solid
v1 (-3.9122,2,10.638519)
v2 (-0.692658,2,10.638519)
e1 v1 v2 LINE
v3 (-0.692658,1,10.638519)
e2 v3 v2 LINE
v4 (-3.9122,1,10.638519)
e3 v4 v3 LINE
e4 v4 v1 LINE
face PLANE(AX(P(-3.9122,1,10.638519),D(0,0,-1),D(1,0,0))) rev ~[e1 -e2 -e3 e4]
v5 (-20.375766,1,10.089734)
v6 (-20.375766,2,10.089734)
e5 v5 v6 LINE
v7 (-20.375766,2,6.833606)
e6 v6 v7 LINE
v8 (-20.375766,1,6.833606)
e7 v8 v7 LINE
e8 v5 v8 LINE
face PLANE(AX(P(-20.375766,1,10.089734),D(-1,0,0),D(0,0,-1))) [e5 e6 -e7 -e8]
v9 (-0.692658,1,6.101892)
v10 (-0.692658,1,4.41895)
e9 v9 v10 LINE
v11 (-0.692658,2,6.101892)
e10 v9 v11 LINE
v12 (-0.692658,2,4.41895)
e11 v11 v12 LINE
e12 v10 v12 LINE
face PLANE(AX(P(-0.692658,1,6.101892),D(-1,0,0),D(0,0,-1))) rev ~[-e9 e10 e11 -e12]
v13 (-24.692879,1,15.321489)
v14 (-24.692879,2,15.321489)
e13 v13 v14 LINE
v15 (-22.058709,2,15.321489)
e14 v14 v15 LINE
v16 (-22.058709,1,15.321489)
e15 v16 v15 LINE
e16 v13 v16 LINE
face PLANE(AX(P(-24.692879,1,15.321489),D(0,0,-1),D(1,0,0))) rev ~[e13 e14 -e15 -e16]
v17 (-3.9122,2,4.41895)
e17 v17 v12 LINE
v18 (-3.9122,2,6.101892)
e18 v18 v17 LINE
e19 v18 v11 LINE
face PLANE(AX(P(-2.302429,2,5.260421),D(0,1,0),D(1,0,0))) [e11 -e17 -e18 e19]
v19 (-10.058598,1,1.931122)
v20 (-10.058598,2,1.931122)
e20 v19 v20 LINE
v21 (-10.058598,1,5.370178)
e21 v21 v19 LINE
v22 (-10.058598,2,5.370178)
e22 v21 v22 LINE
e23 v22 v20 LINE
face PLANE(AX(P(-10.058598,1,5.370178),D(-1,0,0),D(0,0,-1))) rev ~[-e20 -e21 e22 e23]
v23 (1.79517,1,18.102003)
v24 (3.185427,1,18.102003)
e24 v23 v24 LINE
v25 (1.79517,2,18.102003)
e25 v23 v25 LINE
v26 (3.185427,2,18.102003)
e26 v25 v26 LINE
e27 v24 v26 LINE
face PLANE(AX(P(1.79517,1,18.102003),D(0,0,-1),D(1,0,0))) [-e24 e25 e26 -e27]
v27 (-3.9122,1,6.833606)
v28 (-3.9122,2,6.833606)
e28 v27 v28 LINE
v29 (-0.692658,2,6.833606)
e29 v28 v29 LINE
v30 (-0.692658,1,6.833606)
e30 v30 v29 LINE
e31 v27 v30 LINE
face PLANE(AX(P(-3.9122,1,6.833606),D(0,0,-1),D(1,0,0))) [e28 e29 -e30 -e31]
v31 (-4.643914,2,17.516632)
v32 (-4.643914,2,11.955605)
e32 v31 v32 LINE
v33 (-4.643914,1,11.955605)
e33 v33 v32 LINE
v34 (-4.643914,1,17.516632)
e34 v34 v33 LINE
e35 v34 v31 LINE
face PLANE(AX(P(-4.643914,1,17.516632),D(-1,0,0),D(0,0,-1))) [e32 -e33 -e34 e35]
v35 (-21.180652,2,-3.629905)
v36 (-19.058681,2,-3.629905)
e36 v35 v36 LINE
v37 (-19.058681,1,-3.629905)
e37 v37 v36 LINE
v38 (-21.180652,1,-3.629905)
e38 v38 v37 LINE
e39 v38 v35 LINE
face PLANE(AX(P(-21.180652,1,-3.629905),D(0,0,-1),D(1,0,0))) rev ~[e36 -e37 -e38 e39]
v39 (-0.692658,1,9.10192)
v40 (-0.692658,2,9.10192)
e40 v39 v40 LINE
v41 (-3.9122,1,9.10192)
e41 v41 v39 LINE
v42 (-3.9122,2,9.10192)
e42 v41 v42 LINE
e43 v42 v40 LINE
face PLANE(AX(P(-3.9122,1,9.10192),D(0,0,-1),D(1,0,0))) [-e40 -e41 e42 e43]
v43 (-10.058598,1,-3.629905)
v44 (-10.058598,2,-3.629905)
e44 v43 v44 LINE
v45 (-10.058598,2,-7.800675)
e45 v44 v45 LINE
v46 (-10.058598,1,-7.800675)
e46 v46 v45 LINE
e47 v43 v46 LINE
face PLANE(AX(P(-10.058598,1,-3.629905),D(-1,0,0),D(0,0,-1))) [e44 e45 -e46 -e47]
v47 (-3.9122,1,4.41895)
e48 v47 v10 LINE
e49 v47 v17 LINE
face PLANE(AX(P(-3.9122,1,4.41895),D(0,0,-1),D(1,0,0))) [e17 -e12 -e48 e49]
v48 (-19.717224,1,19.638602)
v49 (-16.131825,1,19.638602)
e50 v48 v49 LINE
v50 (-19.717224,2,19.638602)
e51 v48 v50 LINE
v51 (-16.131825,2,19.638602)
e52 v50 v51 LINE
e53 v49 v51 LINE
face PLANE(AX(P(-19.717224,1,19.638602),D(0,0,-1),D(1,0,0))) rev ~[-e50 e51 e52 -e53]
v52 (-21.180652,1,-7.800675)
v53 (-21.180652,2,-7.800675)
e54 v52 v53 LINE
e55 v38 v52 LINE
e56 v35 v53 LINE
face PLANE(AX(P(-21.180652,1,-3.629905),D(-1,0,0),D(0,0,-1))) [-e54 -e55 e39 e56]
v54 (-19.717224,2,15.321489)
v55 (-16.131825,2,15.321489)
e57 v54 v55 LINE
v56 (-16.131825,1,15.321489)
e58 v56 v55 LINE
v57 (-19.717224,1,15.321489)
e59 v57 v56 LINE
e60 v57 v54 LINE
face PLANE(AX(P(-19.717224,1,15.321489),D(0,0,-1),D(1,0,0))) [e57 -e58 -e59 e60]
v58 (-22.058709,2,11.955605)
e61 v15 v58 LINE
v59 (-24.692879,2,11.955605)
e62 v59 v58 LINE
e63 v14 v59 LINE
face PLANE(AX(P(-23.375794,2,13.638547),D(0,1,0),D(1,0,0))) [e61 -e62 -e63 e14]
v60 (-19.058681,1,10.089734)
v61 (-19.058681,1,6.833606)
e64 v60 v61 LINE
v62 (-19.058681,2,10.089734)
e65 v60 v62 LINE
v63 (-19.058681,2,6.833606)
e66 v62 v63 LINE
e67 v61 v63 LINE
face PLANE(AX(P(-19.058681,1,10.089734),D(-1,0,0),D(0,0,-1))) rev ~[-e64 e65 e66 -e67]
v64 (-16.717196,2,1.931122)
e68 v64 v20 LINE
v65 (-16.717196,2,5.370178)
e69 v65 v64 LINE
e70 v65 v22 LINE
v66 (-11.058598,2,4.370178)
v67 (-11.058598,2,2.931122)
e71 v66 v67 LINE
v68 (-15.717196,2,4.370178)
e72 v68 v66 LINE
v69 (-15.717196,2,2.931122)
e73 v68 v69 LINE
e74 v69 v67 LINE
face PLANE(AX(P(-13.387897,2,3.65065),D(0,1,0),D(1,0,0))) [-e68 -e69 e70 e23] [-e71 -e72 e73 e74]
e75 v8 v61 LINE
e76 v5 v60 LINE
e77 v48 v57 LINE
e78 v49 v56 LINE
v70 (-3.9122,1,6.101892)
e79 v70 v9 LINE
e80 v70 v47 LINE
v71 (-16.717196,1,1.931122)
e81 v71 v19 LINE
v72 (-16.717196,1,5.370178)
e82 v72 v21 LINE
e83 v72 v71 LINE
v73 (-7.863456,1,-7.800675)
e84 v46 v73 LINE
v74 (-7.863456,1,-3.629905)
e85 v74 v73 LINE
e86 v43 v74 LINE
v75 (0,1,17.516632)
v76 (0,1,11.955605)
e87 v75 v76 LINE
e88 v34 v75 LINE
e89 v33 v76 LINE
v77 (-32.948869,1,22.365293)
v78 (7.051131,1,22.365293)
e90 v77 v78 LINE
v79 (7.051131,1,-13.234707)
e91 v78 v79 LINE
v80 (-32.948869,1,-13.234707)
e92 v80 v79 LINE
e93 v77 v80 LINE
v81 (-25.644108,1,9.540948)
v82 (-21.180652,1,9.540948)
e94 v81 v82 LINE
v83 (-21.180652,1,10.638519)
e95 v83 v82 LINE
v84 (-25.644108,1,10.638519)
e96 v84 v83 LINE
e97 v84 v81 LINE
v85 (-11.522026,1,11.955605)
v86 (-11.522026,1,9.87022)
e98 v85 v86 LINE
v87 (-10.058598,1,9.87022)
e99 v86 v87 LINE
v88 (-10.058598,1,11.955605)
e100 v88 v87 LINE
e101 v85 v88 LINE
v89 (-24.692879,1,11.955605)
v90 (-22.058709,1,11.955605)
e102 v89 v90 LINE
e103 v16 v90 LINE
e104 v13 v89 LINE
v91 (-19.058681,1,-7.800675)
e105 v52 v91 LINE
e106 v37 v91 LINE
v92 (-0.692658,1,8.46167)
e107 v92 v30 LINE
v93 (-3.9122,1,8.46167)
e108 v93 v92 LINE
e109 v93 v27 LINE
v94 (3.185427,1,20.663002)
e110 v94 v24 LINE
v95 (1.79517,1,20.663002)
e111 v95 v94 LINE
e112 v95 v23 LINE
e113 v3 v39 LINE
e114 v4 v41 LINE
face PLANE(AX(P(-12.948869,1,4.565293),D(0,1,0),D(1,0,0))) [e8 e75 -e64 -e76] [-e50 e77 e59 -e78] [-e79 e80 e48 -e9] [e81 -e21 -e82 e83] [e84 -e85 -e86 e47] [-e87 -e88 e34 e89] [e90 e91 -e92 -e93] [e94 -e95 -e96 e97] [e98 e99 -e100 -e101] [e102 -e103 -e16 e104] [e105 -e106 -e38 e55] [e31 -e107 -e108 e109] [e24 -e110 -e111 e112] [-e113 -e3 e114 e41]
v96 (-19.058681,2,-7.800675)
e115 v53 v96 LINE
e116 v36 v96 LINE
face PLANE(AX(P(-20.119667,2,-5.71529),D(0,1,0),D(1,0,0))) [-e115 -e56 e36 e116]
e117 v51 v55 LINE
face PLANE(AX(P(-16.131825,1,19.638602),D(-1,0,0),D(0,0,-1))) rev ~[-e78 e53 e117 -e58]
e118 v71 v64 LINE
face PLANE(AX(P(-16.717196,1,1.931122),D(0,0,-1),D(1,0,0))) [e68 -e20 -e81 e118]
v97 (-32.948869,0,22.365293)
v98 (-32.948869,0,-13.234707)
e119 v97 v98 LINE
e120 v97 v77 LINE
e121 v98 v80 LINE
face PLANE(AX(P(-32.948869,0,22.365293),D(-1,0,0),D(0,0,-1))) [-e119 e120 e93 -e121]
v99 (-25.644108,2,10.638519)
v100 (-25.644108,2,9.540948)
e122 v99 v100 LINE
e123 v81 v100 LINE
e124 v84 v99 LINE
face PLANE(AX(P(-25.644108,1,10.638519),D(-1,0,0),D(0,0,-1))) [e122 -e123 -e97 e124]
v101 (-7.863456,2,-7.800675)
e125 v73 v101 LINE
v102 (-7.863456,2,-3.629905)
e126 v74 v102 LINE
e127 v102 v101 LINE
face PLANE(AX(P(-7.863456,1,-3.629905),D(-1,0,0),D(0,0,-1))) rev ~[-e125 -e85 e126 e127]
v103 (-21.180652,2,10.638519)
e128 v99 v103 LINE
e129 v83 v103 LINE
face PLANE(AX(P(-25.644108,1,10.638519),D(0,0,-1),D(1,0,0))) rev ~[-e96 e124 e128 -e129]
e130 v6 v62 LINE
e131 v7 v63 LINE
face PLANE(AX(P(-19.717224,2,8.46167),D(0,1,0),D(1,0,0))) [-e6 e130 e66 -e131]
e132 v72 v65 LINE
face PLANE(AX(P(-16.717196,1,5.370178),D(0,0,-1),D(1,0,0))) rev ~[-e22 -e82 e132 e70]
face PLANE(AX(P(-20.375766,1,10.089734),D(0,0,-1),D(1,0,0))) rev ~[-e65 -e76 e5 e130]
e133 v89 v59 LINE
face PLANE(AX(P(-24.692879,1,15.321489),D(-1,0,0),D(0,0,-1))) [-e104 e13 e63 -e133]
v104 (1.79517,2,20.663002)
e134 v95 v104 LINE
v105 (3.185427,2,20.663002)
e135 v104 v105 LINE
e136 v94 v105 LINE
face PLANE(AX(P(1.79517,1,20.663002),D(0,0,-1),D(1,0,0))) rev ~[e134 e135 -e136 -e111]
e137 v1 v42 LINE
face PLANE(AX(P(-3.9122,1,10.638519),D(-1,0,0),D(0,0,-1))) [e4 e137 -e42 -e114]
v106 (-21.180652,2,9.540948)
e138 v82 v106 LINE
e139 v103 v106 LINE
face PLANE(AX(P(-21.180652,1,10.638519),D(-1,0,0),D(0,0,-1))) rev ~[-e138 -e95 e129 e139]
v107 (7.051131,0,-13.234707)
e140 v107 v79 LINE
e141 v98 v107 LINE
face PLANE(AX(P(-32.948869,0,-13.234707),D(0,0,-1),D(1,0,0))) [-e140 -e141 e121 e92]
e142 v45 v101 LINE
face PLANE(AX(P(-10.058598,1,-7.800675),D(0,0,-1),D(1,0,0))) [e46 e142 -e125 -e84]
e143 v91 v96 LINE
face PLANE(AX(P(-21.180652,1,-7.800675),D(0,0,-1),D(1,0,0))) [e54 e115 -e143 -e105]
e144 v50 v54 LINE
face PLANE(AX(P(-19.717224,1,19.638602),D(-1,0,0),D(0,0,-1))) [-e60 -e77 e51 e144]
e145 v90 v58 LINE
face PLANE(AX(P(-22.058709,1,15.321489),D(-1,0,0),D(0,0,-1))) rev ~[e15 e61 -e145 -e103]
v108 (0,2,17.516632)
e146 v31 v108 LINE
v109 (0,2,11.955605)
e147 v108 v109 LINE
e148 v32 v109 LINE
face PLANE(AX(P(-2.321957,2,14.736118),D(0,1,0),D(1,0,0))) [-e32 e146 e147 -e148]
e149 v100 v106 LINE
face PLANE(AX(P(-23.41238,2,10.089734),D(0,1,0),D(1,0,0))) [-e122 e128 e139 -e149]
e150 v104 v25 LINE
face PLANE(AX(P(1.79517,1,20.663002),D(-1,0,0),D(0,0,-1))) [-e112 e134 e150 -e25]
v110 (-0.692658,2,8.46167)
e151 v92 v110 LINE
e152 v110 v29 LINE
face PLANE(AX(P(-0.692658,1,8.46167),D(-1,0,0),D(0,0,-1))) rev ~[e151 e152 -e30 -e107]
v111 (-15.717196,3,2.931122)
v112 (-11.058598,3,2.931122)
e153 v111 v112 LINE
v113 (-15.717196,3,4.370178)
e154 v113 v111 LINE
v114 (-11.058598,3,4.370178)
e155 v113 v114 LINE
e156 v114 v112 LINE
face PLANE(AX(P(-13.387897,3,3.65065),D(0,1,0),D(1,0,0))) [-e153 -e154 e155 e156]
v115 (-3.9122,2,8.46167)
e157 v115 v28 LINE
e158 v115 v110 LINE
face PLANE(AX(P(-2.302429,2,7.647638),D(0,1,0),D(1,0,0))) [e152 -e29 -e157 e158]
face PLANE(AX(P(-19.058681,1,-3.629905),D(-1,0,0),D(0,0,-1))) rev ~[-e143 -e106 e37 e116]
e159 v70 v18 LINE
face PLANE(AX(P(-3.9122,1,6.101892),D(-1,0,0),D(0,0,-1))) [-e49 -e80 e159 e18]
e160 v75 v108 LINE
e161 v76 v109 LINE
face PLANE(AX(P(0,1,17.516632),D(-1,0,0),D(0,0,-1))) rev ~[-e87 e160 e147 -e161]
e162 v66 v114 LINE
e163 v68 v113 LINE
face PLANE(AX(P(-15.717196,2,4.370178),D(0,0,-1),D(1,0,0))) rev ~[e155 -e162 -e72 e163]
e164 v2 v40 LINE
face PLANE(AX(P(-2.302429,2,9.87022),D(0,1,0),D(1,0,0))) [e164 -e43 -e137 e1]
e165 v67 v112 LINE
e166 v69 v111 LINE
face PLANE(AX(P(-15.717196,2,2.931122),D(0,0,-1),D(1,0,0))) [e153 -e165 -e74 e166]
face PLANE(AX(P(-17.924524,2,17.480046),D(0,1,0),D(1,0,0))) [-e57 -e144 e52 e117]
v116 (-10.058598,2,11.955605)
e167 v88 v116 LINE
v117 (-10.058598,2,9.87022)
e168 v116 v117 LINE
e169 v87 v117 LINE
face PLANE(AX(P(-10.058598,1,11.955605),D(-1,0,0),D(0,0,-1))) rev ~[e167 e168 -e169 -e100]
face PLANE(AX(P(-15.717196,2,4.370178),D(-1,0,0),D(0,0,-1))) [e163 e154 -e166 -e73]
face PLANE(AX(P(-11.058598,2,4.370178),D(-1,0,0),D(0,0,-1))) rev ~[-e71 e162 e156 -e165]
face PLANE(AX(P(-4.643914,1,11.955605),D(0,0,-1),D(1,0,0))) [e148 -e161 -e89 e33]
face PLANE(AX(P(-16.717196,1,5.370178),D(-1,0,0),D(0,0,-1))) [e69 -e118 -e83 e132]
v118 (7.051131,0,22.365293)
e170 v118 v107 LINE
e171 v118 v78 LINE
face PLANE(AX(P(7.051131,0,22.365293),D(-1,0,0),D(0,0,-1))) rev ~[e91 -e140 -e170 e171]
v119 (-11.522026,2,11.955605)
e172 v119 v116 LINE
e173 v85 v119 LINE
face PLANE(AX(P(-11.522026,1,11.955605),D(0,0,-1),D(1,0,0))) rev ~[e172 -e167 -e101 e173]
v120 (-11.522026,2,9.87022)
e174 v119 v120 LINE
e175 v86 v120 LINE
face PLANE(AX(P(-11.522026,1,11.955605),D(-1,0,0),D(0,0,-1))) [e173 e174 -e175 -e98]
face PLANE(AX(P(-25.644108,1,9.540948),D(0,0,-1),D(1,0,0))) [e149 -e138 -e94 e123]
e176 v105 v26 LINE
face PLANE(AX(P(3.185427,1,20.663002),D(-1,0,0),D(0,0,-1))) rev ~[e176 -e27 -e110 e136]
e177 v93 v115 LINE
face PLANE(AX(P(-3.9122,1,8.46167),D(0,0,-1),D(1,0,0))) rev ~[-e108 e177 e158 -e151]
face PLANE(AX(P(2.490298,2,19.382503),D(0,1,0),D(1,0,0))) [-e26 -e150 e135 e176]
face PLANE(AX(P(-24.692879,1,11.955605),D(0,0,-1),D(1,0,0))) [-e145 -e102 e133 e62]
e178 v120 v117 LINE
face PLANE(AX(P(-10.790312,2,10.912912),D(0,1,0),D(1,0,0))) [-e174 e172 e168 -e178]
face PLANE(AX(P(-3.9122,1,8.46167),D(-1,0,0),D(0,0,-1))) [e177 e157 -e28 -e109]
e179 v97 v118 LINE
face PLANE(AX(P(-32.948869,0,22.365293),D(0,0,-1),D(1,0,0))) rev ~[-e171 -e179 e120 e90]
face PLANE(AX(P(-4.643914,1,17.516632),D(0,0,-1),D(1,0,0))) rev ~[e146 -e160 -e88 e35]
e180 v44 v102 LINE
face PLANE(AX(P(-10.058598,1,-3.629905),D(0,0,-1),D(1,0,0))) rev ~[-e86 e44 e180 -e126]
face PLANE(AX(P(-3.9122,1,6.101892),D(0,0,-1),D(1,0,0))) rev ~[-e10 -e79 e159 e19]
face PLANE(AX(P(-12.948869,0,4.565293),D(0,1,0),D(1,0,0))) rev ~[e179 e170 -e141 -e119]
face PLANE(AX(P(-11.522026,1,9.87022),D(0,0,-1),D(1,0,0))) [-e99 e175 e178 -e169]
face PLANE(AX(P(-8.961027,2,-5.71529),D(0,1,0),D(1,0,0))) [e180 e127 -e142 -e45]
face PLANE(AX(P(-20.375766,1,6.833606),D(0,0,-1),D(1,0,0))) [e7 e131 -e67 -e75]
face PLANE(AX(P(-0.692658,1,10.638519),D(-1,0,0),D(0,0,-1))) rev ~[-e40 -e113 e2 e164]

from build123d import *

# Parameters (mm, degrees)
CROQUIS1_W              = 40
CROQUIS1_H              = 35.6
SALIENTE_EXTRUIR1_DEPTH = 1
CROQUIS2_W              = 6.658598016
CROQUIS2_H              = 3.439056118
CROQUIS2_W_2            = 4.643913986
CROQUIS2_H_2            = 5.561026915
CROQUIS2_W_3            = 2.634170644
CROQUIS2_H_3            = 3.365884712
CROQUIS2_W_4            = 4.463455813
CROQUIS2_H_4            = 1.097571101
CROQUIS2_W_5            = 1.317085322
CROQUIS2_H_5            = 3.256127602
CROQUIS2_W_6            = 3.585398932
CROQUIS2_H_6            = 4.317112999
CROQUIS2_W_7            = 2.121970796
CROQUIS2_H_7            = 4.170770186
CROQUIS2_W_8            = 2.195142203
CROQUIS2_W_9            = 1.390256729
CROQUIS2_H_8            = 2.560999237
CROQUIS2_W_10           = 3.219541898
CROQUIS2_H_9            = 1.536599542
CROQUIS2_H_10           = 1.628063801
CROQUIS2_H_11           = 1.682942356
CROQUIS2_W_11           = 1.463428135
CROQUIS2_H_12           = 2.085385093
SALIENTE_EXTRUIR2_DEPTH = 1
CROQUIS3_W              = 4.658598016
CROQUIS3_H              = 1.439056118
SALIENTE_EXTRUIR3_DEPTH = 1


with BuildPart() as part:
    # Croquis1 → Saliente-Extruir1 (new body)
    with BuildSketch(Plane(origin=(0, 0, 0), x_dir=(1, 0, 0), z_dir=(0, 1, 0))):
        with Locations((-12.948868654, -4.565292662)):
            Rectangle(CROQUIS1_W, CROQUIS1_H)
    extrude(amount=SALIENTE_EXTRUIR1_DEPTH)

    # Croquis2 → Saliente-Extruir2 (add)
    with BuildSketch(Plane(origin=(0, 1, 0), x_dir=(1, 0, 0), z_dir=(0, 1, 0))):
        with Locations((-13.387897095, -3.650650078)):
            Rectangle(CROQUIS2_W, CROQUIS2_H)
        with Locations((-2.321956993, -14.736118204)):
            Rectangle(CROQUIS2_W_2, CROQUIS2_H_2)
        with Locations((-23.375794119, -13.638547102)):
            Rectangle(CROQUIS2_W_3, CROQUIS2_H_3)
        with Locations((-23.412379823, -10.089733874)):
            Rectangle(CROQUIS2_W_4, CROQUIS2_H_4)
        with Locations((-19.717223781, -8.461670073)):
            Rectangle(CROQUIS2_W_5, CROQUIS2_H_5)
        with Locations((-17.924524315, -17.480045957)):
            Rectangle(CROQUIS2_W_6, CROQUIS2_H_6)
        with Locations((-20.119666518, 5.715289989)):
            Rectangle(CROQUIS2_W_7, CROQUIS2_H_7)
        with Locations((-8.961026986, 5.715289989)):
            Rectangle(CROQUIS2_W_8, CROQUIS2_H_7)
        with Locations((2.490298175, -19.382502534)):
            Rectangle(CROQUIS2_W_9, CROQUIS2_H_8)
        with Locations((-2.302428969, -9.870219653)):
            Rectangle(CROQUIS2_W_10, CROQUIS2_H_9)
        with Locations((-2.302428969, -7.647638173)):
            Rectangle(CROQUIS2_W_10, CROQUIS2_H_10)
        with Locations((-2.302428969, -5.260421027)):
            Rectangle(CROQUIS2_W_10, CROQUIS2_H_11)
        with Locations((-10.790312155, -10.9129122)):
            Rectangle(CROQUIS2_W_11, CROQUIS2_H_12)
    extrude(amount=SALIENTE_EXTRUIR2_DEPTH)

    # Croquis3 → Saliente-Extruir3 (add)
    with BuildSketch(Plane(origin=(0, 2, 0), x_dir=(1, 0, 0), z_dir=(0, 1, 0))):
        with Locations((-13.387897095, -3.650650078)):
            Rectangle(CROQUIS3_W, CROQUIS3_H)
    extrude(amount=SALIENTE_EXTRUIR3_DEPTH)


solid = part.part
